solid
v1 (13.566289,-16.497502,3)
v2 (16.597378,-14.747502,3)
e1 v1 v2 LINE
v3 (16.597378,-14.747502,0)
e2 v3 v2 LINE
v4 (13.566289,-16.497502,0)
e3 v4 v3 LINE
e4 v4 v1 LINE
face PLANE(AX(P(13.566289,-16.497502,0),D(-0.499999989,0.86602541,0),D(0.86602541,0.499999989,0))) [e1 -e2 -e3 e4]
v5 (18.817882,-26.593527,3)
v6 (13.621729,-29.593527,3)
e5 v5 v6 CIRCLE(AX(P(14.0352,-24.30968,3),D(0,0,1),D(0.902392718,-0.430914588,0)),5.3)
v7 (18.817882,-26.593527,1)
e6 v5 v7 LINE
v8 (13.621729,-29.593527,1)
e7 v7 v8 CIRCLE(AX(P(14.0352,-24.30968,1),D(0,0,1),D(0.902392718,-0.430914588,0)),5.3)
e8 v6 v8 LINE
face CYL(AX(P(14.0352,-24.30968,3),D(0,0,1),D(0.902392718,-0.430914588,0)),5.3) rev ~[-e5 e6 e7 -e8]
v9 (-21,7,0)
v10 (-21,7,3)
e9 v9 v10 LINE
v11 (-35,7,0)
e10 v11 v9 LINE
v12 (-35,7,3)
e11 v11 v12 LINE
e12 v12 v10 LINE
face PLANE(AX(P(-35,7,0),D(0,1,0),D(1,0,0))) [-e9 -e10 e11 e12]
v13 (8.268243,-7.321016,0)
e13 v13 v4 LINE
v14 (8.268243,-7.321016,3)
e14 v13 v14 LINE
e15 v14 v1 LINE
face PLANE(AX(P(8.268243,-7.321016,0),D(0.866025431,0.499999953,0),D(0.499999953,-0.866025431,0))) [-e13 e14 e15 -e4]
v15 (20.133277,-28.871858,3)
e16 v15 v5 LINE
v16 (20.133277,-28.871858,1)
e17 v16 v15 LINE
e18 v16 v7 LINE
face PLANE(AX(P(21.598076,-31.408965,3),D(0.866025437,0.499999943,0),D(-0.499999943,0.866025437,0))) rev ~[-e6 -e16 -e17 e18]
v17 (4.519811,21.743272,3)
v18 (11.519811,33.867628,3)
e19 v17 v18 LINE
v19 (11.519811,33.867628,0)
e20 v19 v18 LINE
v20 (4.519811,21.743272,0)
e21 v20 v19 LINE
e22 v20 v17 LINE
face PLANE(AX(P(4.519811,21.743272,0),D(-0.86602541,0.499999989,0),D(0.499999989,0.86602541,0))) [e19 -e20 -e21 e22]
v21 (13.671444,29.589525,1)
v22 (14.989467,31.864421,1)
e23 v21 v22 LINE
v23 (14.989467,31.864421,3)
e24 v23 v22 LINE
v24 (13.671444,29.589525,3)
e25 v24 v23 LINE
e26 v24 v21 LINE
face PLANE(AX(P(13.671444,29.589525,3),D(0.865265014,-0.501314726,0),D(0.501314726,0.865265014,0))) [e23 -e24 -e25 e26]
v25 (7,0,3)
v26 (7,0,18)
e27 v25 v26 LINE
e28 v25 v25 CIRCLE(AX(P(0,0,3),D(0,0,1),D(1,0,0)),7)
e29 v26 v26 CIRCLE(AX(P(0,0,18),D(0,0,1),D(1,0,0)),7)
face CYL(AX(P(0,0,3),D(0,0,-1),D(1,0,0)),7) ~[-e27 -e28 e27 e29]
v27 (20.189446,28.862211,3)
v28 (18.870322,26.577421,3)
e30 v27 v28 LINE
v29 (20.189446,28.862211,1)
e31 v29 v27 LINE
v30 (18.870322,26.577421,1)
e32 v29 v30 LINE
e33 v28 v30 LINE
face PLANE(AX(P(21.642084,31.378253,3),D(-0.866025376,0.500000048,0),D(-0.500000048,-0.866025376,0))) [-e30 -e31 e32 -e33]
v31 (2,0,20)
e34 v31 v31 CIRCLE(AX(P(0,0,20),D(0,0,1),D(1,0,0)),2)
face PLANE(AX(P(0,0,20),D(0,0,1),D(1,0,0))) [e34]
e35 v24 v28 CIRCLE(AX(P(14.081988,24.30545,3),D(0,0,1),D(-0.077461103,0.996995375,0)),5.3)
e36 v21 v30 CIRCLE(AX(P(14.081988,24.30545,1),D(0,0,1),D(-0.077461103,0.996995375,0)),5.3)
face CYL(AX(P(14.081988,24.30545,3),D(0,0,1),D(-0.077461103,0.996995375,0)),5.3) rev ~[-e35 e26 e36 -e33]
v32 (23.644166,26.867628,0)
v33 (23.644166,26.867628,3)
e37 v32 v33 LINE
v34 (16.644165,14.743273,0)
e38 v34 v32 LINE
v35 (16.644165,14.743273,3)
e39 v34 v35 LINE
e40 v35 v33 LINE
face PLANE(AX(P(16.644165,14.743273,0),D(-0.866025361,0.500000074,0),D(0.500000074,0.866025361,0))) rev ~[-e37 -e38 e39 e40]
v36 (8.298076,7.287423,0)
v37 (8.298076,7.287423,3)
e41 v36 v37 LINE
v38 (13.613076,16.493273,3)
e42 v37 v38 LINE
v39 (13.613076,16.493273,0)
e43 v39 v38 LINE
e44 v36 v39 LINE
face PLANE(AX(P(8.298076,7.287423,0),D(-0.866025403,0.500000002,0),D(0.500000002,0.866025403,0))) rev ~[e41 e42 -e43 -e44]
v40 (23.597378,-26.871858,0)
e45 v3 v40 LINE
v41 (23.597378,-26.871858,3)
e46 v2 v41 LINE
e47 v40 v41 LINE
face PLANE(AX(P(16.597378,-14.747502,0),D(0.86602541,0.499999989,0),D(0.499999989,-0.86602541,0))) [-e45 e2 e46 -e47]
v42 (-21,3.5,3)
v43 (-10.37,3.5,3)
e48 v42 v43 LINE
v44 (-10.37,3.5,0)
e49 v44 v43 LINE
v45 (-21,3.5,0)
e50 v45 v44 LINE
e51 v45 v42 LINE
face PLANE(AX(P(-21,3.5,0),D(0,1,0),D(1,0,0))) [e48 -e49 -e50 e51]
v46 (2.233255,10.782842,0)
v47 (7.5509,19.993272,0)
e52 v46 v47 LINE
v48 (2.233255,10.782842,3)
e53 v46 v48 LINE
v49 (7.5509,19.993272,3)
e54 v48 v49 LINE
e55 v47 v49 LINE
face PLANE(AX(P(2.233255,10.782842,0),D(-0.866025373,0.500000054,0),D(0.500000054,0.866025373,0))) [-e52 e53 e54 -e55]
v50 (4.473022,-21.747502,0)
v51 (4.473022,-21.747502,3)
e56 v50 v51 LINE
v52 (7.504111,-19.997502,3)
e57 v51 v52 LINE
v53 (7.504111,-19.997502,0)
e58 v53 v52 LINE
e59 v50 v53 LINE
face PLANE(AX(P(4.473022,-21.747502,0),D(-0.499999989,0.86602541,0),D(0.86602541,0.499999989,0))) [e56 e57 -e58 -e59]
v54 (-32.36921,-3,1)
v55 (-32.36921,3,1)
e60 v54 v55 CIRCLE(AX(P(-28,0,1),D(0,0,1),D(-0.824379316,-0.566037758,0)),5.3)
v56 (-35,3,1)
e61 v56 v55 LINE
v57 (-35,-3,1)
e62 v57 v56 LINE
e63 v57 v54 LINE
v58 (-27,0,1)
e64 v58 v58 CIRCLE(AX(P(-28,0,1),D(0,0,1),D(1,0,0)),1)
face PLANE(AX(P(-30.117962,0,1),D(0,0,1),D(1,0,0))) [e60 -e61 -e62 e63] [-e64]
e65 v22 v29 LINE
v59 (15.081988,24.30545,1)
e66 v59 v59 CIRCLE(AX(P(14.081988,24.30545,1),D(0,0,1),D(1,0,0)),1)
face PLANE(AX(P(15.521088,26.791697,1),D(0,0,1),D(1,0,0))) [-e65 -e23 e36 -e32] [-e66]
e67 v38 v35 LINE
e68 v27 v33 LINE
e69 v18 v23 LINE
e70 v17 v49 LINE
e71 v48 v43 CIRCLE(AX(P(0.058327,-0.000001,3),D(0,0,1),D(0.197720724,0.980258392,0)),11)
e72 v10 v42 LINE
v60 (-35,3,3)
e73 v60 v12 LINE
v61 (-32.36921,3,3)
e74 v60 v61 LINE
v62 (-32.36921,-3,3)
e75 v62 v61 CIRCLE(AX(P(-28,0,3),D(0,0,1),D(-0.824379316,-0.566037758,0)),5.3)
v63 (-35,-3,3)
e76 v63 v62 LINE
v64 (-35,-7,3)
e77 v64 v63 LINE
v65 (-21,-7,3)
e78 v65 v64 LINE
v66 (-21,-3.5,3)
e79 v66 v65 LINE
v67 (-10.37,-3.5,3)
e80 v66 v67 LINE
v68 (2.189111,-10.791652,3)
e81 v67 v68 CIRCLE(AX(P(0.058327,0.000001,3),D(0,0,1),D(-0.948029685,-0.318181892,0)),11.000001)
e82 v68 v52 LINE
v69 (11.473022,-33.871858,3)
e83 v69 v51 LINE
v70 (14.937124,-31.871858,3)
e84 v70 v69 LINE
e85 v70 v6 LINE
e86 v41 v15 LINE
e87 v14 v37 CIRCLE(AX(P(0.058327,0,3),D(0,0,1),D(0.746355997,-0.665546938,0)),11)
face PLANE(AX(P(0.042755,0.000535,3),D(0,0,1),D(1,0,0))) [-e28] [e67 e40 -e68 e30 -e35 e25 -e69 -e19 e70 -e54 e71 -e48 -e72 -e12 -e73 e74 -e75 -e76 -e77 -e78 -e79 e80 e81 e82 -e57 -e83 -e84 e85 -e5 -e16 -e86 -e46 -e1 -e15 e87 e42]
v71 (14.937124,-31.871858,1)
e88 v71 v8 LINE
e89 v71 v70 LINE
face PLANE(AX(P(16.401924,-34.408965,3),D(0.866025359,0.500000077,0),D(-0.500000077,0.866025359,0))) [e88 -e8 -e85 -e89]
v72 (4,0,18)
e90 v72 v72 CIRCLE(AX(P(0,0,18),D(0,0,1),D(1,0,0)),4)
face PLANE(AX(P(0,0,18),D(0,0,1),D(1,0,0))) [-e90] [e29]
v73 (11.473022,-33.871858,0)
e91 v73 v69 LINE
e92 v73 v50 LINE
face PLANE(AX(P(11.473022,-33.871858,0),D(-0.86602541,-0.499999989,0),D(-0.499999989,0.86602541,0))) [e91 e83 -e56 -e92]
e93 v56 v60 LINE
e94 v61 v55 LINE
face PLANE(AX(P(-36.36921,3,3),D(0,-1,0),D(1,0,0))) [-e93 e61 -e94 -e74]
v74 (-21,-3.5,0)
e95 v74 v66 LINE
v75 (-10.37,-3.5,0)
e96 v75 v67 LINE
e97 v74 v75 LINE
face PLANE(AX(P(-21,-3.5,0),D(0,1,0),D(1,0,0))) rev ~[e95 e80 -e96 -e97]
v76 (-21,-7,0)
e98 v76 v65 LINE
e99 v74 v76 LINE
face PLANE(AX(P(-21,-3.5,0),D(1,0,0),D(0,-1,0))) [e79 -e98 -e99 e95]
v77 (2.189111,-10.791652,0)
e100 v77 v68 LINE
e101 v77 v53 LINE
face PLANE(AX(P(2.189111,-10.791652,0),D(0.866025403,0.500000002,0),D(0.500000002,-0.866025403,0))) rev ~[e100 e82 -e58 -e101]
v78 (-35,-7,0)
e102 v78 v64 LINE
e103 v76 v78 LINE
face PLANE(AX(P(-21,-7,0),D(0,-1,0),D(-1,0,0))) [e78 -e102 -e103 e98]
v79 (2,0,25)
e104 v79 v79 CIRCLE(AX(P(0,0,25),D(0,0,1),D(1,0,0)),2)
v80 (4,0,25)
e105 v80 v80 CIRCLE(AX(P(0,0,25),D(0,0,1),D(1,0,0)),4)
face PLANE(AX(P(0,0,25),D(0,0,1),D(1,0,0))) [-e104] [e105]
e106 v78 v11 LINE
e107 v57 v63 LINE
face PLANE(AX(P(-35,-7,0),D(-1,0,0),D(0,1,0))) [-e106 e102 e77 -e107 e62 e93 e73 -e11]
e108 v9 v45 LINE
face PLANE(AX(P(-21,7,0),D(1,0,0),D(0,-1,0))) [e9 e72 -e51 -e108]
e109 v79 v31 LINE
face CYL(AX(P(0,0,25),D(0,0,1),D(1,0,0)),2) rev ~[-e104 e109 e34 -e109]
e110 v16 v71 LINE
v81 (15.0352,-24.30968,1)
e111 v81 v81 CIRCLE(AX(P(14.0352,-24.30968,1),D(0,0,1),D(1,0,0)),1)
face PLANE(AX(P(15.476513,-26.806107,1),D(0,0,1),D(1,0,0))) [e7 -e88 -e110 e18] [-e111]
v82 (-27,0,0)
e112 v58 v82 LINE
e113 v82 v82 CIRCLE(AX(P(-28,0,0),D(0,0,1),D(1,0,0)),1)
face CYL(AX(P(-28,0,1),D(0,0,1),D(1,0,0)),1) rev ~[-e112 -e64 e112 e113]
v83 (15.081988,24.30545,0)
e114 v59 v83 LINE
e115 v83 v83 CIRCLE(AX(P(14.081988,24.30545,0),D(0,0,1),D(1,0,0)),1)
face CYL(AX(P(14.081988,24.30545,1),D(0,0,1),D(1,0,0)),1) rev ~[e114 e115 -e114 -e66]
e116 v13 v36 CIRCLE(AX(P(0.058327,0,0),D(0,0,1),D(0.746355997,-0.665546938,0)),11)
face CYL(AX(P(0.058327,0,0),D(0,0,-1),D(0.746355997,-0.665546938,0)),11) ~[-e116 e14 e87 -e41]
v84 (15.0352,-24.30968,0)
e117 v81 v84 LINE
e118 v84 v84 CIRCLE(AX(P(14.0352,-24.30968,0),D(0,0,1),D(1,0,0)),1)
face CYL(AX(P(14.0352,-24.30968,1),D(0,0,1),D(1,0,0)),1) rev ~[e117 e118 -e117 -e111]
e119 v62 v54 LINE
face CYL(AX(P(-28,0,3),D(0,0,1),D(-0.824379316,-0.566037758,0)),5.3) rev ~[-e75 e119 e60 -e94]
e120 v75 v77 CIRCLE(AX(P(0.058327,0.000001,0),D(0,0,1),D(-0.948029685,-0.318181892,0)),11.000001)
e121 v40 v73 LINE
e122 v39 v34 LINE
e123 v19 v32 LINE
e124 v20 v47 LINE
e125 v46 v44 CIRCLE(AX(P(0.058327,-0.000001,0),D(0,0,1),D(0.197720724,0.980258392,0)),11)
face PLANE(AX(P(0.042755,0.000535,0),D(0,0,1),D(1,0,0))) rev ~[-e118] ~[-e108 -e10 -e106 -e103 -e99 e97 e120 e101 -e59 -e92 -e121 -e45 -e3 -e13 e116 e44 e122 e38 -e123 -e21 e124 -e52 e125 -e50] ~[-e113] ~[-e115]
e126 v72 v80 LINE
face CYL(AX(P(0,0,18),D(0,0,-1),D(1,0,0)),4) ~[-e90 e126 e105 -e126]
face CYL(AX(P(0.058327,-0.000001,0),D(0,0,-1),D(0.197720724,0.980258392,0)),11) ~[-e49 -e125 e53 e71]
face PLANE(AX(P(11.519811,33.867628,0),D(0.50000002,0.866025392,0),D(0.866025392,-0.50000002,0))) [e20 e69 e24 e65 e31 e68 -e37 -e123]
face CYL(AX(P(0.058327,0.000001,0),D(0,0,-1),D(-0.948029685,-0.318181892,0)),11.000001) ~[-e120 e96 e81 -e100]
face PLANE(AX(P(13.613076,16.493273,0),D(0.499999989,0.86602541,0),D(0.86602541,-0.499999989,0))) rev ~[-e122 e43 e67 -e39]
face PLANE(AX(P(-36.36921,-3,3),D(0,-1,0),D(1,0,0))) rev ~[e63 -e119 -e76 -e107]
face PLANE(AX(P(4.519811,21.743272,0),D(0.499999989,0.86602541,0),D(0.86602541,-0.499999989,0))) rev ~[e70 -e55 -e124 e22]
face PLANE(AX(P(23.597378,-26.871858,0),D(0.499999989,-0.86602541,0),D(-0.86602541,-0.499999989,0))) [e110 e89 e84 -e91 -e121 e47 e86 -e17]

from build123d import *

# Parameters (mm, degrees)
PAD_DEPTH       = 3
POCKET_DEPTH    = 2
SKETCH002_R     = 1
POCKET001_DEPTH = 5
SKETCH003_R     = 1
POCKET002_DEPTH = 5
SKETCH004_R     = 1
POCKET003_DEPTH = 5
SKETCH005_R     = 7
PAD001_DEPTH    = 15
SKETCH006_R     = 4
PAD002_DEPTH    = 7
SKETCH007_R     = 2
POCKET004_DEPTH = 5


with BuildPart() as part:
    # Sketch001 → Pad (new body)
    with BuildSketch(Plane.XY):
        with BuildLine():
            ThreePointArc((-10.37, -3.5), (-5.464747, -9.51292), (2.189111, -10.791652))
            Line((2.189111, -10.791652), (7.504111, -19.997502))
            Line((4.473022, -21.747502), (7.504111, -19.997502))
            Line((11.473022, -33.871858), (4.473022, -21.747502))
            Line((23.597378, -26.871858), (11.473022, -33.871858))
            Line((16.597378, -14.747502), (23.597378, -26.871858))
            Line((13.566289, -16.497502), (16.597378, -14.747502))
            Line((8.268243, -7.321016), (13.566289, -16.497502))
            ThreePointArc((8.268243, -7.321016), (11.058304, -0.022464), (8.298076, 7.287423))
            Line((8.298076, 7.287423), (13.613076, 16.493273))
            Line((13.613076, 16.493273), (16.644165, 14.743273))
            Line((16.644165, 14.743273), (23.644166, 26.867628))
            Line((11.519811, 33.867628), (23.644166, 26.867628))
            Line((4.519811, 21.743272), (11.519811, 33.867628))
            Line((4.519811, 21.743272), (7.5509, 19.993272))
            Line((2.233255, 10.782842), (7.5509, 19.993272))
            ThreePointArc((2.233255, 10.782842), (-5.445271, 9.524201), (-10.37, 3.5))
            Line((-21, 3.5), (-10.37, 3.5))
            Line((-21, 7), (-21, 3.5))
            Line((-35, 7), (-21, 7))
            Line((-35, -7), (-35, 7))
            Line((-21, -7), (-35, -7))
            Line((-21, -3.5), (-21, -7))
            Line((-21, -3.5), (-10.37, -3.5))
        make_face()
    extrude(amount=PAD_DEPTH)

    # Sketch (on Face26 of Pad) → Pocket (cut)
    with BuildSketch(Plane.XY.offset(3)):
        with BuildLine():
            ThreePointArc((-32.36921, -3), (-22.7, 0), (-32.36921, 3))
            Line((-36.36921, 3), (-32.36921, 3))
            Line((-36.36921, 3), (-36.36921, -3))
            Line((-36.36921, -3), (-32.36921, -3))
        make_face()
        with BuildLine():
            ThreePointArc((18.817882, -26.593527), (11.3852, -19.719745), (13.621729, -29.593527))
            Line((16.401924, -34.408965), (13.621729, -29.593527))
            Line((16.401924, -34.408965), (21.598076, -31.408965))
            Line((21.598076, -31.408965), (18.817882, -26.593527))
        make_face()
        with BuildLine():
            ThreePointArc((13.671444, 29.589525), (11.425024, 19.719543), (18.870322, 26.577421))
            Line((21.642084, 31.378253), (18.870322, 26.577421))
            Line((16.450494, 34.386142), (21.642084, 31.378253))
            Line((13.671444, 29.589525), (16.450494, 34.386142))
        make_face()
    extrude(amount=-POCKET_DEPTH, mode=Mode.SUBTRACT)

    # Sketch002 (on Face38 of Pocket) → Pocket001 (cut)
    with BuildSketch(Plane.XY.offset(1)):
        with Locations((-28, 0)):
            Circle(SKETCH002_R)
    extrude(amount=-POCKET001_DEPTH, mode=Mode.SUBTRACT)

    # Sketch003 (on Face39 of Pocket001) → Pocket002 (cut)
    with BuildSketch(Plane.XY.offset(1)):
        with Locations((14.081988, 24.30545)):
            Circle(SKETCH003_R)
    extrude(amount=-POCKET002_DEPTH, mode=Mode.SUBTRACT)

    # Sketch004 (on Face39 of Pocket002) → Pocket003 (cut)
    with BuildSketch(Plane.XY.offset(1)):
        with Locations((14.0352, -24.30968)):
            Circle(SKETCH004_R)
    extrude(amount=-POCKET003_DEPTH, mode=Mode.SUBTRACT)

    # Sketch005 (on Face5 of Pocket003) → Pad001 (join)
    with BuildSketch(Plane.XY.offset(3)):
        Circle(SKETCH005_R)
    extrude(amount=PAD001_DEPTH)

    # Sketch006 (on Face43 of Pad001) → Pad002 (join)
    with BuildSketch(Plane.XY.offset(18)):
        Circle(SKETCH006_R)
    extrude(amount=PAD002_DEPTH)

    # Sketch007 (on Face45 of Pad002) → Pocket004 (cut)
    with BuildSketch(Plane.XY.offset(25)):
        Circle(SKETCH007_R)
    extrude(amount=-POCKET004_DEPTH, mode=Mode.SUBTRACT)


solid = part.part
